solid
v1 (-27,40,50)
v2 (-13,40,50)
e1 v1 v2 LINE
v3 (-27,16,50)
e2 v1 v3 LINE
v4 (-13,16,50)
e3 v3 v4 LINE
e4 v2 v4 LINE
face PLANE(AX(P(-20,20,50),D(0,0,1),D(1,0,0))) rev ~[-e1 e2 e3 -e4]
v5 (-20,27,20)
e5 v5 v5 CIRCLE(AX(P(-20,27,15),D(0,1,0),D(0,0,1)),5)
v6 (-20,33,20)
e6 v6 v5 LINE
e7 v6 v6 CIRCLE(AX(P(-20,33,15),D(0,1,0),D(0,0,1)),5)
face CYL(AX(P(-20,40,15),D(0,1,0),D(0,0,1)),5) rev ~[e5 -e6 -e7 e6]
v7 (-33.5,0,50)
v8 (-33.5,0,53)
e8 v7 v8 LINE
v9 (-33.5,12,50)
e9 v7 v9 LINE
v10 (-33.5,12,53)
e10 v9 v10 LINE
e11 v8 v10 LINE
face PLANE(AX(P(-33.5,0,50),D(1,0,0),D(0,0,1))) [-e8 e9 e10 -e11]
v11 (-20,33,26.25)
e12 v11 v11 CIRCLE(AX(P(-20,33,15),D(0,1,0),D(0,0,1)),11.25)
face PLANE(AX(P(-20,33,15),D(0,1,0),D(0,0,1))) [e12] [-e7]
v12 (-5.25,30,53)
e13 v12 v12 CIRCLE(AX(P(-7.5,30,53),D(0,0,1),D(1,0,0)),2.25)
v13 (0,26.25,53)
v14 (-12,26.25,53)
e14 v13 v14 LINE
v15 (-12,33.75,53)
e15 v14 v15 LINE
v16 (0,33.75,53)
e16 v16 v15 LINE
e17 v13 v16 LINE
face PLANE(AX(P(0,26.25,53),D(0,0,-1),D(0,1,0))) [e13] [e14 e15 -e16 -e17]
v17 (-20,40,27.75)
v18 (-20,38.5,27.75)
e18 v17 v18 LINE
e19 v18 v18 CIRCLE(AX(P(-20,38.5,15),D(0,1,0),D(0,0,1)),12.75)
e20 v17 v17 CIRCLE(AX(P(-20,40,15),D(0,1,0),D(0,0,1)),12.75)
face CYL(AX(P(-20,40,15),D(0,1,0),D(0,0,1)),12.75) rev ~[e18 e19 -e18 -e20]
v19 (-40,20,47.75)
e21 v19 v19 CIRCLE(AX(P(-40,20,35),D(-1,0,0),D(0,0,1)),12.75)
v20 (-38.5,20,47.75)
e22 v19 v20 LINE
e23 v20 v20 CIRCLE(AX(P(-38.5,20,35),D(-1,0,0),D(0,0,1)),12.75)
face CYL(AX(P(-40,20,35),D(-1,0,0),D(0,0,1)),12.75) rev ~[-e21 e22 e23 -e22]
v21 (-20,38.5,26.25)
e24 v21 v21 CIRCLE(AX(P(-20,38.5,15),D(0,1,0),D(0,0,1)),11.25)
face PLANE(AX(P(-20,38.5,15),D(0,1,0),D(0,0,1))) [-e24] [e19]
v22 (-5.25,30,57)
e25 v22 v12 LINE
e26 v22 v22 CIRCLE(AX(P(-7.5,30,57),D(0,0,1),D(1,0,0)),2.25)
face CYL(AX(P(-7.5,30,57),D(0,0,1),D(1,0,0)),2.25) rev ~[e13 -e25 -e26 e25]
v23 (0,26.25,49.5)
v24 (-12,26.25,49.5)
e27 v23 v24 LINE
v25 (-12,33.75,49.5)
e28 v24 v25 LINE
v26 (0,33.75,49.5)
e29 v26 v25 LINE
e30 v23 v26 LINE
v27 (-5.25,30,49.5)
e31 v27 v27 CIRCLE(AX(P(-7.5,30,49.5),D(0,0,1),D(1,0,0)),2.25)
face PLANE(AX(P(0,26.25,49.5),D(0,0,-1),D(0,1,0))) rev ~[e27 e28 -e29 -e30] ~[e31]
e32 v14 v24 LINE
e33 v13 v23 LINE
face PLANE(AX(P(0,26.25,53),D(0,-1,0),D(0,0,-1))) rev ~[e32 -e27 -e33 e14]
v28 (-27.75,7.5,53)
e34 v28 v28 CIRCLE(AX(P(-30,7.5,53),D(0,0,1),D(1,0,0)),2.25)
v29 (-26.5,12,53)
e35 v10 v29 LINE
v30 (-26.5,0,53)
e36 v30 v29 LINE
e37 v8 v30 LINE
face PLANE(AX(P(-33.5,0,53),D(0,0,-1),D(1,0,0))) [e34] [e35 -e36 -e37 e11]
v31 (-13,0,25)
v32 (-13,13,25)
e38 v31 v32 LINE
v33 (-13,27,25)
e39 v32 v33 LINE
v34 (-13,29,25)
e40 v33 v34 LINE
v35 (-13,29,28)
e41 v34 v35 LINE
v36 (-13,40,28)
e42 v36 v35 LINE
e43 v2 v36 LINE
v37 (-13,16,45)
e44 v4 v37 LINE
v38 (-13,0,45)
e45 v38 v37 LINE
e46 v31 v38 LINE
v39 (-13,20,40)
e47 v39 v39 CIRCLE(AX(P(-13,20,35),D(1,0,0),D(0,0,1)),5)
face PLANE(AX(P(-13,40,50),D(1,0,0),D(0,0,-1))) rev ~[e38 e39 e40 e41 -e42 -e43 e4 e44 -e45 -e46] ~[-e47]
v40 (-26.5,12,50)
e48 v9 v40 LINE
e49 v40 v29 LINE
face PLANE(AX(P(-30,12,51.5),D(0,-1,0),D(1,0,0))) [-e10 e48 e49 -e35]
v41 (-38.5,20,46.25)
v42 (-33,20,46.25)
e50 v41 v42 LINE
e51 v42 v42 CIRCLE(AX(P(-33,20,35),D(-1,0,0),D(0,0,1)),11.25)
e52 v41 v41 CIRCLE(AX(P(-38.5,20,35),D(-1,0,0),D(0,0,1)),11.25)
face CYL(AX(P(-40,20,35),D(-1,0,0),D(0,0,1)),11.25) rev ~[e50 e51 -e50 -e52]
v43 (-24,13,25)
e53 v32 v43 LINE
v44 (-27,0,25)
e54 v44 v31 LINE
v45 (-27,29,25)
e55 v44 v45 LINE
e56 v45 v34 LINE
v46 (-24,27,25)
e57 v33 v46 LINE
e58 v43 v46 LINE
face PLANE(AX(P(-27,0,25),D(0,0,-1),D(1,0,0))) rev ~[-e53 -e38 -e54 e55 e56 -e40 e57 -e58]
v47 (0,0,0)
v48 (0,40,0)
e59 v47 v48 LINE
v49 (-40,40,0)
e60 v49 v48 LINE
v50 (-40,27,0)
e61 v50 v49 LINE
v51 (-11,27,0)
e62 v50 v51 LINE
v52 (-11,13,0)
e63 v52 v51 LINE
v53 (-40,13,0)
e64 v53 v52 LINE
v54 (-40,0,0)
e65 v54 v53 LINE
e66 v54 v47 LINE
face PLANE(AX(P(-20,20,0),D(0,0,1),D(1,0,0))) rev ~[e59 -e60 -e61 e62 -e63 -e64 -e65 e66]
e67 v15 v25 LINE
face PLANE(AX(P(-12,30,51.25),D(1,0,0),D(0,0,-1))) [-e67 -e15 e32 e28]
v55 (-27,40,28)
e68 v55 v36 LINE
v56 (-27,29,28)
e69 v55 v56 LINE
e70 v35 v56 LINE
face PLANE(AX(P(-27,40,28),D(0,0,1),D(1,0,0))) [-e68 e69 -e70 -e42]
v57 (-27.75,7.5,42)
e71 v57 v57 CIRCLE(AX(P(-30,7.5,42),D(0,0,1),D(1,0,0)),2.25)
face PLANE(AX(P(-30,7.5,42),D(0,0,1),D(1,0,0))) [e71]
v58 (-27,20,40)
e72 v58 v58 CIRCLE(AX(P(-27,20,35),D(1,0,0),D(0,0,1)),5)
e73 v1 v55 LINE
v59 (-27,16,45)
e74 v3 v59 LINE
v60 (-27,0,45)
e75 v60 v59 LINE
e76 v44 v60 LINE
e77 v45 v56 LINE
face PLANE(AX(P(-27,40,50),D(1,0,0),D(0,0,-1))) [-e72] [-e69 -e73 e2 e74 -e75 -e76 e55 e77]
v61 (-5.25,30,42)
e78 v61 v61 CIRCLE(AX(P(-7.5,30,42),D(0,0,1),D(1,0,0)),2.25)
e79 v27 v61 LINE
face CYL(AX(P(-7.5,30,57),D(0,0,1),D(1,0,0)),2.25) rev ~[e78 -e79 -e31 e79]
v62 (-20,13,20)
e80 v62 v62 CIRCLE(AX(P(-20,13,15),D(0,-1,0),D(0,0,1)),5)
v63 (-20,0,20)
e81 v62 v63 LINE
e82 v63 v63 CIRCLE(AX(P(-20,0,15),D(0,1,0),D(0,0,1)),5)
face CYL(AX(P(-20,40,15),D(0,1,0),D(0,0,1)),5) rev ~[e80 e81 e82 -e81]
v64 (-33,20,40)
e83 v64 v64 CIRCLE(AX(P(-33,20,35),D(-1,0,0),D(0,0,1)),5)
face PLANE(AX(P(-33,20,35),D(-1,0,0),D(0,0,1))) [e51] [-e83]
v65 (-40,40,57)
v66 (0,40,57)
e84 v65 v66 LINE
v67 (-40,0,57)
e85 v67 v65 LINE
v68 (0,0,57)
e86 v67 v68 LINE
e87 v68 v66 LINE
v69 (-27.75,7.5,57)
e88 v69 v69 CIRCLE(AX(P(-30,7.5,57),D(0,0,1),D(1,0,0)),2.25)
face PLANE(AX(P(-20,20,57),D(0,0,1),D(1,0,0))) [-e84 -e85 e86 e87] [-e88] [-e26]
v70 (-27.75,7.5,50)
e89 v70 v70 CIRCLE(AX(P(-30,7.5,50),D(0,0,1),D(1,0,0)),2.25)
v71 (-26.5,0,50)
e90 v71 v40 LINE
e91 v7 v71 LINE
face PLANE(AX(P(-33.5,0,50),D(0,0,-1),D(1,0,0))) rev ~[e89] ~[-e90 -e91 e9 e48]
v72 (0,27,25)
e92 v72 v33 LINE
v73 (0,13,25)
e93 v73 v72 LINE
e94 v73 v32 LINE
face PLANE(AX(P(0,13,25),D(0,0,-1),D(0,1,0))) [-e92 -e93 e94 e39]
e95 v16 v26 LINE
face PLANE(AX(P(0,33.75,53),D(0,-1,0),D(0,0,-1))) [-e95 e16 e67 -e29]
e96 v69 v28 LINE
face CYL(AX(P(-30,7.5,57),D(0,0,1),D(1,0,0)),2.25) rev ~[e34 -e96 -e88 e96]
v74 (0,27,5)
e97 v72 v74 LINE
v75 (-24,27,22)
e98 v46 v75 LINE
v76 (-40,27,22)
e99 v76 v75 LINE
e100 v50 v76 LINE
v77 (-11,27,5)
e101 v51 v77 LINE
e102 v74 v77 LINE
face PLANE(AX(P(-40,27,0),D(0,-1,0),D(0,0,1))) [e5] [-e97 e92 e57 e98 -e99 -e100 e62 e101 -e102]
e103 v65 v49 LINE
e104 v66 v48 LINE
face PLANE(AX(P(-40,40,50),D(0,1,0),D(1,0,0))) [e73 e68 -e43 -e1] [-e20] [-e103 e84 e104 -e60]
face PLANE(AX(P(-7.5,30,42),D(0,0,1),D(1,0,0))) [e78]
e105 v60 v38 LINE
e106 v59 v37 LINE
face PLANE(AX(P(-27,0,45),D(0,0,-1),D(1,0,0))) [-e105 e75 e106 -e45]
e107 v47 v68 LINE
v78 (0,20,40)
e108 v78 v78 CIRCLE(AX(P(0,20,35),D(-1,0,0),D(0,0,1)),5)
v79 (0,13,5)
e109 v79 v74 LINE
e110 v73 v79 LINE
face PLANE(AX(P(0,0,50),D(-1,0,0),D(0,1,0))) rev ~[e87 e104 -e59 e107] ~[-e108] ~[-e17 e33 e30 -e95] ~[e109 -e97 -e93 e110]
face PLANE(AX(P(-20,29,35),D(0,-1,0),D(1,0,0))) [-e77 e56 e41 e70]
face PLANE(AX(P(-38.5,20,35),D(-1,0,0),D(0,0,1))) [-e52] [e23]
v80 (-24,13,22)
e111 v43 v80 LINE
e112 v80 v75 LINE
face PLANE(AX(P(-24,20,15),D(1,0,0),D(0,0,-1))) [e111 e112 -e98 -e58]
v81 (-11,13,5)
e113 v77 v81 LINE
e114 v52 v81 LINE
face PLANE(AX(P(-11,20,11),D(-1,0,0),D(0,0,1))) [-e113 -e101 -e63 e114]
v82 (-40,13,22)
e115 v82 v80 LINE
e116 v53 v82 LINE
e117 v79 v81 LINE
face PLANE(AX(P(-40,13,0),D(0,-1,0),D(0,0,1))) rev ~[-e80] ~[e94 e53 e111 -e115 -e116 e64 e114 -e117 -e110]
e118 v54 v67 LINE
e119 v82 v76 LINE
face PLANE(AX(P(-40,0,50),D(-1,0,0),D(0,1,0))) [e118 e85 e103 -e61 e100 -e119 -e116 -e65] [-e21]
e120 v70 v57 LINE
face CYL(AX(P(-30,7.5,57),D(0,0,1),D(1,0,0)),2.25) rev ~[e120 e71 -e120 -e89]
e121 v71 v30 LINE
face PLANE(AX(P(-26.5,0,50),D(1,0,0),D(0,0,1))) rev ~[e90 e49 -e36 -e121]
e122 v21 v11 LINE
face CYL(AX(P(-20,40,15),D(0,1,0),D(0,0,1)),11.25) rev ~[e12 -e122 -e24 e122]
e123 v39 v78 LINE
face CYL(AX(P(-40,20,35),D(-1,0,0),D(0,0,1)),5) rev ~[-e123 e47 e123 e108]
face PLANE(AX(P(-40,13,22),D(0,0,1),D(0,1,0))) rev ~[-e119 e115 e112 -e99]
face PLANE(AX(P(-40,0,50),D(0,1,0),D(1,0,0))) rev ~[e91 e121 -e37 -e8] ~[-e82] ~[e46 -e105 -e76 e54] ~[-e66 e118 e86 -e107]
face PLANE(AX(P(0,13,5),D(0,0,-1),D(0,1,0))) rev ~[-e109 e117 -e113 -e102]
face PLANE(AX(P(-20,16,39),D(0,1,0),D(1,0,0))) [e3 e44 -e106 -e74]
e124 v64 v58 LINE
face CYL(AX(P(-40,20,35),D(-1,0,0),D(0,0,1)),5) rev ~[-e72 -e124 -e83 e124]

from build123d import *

# Parameters (mm, degrees)
ESQUISSE1_W              = 40
ESQUISSE1_H              = 40
BOSS_EXTRU_1_DEPTH       = 50
ESQUISSE2_R              = 5
ENL_V_MAT_EXTRU_1_DEPTH  = 41
ESQUISSE3_R              = 5
ENL_V_MAT_EXTRU_2_DEPTH  = 41
ESQUISSE4_W              = 22
ESQUISSE4_H              = 14
ENL_V_MAT_EXTRU_3_DEPTH  = 29
ESQUISSE5_W              = 14
ESQUISSE5_H              = 20
ENL_V_MAT_EXTRU_4_DEPTH  = 29
ESQUISSE6_W              = 20
ESQUISSE6_H              = 14
ENL_V_MAT_EXTRU_5_DEPTH  = 24
ESQUISSE7_W              = 14
ESQUISSE7_H              = 22
ENL_V_MAT_EXTRU_6_DEPTH  = 24
ESQUISSE10_R             = 11.25
ENL_V_MAT_EXTRU_9_DEPTH  = 7
ESQUISSE11_R             = 12.75
ENL_V_MAT_EXTRU_10_DEPTH = 1.5
ESQUISSE14_R             = 11.25
ENL_V_MAT_EXTRU_11_DEPTH = 7
ESQUISSE15_R             = 12.75
ENL_V_MAT_EXTRU_12_DEPTH = 1.5
ESQUISSE16_W             = 40
ESQUISSE16_H             = 40
BOSS_EXTRU_2_DEPTH       = 7
ESQUISSE17_R             = 2.25
ENL_V_MAT_EXTRU_13_DEPTH = 15
ESQUISSE18_W             = 7
ESQUISSE18_H             = 3
ENL_V_MAT_EXTRU_14_DEPTH = 12
ESQUISSE19_W             = 3.5
ESQUISSE19_H             = 7.5
ENL_V_MAT_EXTRU_15_DEPTH = 12


with BuildPart() as part:
    # Esquisse1 → Boss.-Extru.1 (new body)
    with BuildSketch(Plane.XY):
        with Locations((-20, 20)):
            Rectangle(ESQUISSE1_W, ESQUISSE1_H)
    extrude(amount=BOSS_EXTRU_1_DEPTH)

    # Esquisse2 → Enlèv. mat.-Extru.1 (cut, through all)
    with BuildSketch(Plane(origin=(0, 40, 0), x_dir=(1, 0, 0), z_dir=(0, 1, 0))):
        with Locations(Location((-20, -15, 0), (0, 0, 270))):  # turned: the seam where the file's is
            Circle(ESQUISSE2_R)
    extrude(amount=-ENL_V_MAT_EXTRU_1_DEPTH, mode=Mode.SUBTRACT)

    # Esquisse3 → Enlèv. mat.-Extru.2 (cut, through all)
    with BuildSketch(Plane.ZY.offset(40)):
        with Locations((35, 20)):
            Circle(ESQUISSE3_R)
    extrude(amount=-ENL_V_MAT_EXTRU_2_DEPTH, mode=Mode.SUBTRACT)

    # Esquisse4 → Enlèv. mat.-Extru.3 (cut)
    with BuildSketch(Plane.ZY.offset(40)):
        with Locations((11, 20)):
            Rectangle(ESQUISSE4_W, ESQUISSE4_H)
    extrude(amount=-ENL_V_MAT_EXTRU_3_DEPTH, mode=Mode.SUBTRACT)

    # Esquisse5 → Enlèv. mat.-Extru.4 (cut)
    with BuildSketch(Plane.XZ):
        with Locations((-20, 35)):
            Rectangle(ESQUISSE5_W, ESQUISSE5_H)
    extrude(amount=-ENL_V_MAT_EXTRU_4_DEPTH, mode=Mode.SUBTRACT)

    # Esquisse6 → Enlèv. mat.-Extru.5 (cut)
    with BuildSketch(Plane(origin=(0, 0, 0), x_dir=(0, 0, -1), z_dir=(1, 0, 0))):
        with Locations((-15, 20)):
            Rectangle(ESQUISSE6_W, ESQUISSE6_H)
    extrude(amount=-ENL_V_MAT_EXTRU_5_DEPTH, mode=Mode.SUBTRACT)

    # Esquisse7 → Enlèv. mat.-Extru.6 (cut)
    with BuildSketch(Plane(origin=(0, 40, 0), x_dir=(1, 0, 0), z_dir=(0, 1, 0))):
        with Locations((-20, -39)):
            Rectangle(ESQUISSE7_W, ESQUISSE7_H)
    extrude(amount=-ENL_V_MAT_EXTRU_6_DEPTH, mode=Mode.SUBTRACT)

    # Esquisse10 → Enlèv. mat.-Extru.9 (cut)
    with BuildSketch(Plane(origin=(0, 40, 0), x_dir=(1, 0, 0), z_dir=(0, 1, 0))):
        with Locations(Location((-20, -15, 0), (0, 0, 270))):  # turned: the seam where the file's is
            Circle(ESQUISSE10_R)
    extrude(amount=-ENL_V_MAT_EXTRU_9_DEPTH, mode=Mode.SUBTRACT)

    # Esquisse11 → Enlèv. mat.-Extru.10 (cut)
    with BuildSketch(Plane(origin=(0, 40, 0), x_dir=(1, 0, 0), z_dir=(0, 1, 0))):
        with Locations(Location((-20, -15, 0), (0, 0, 270))):  # turned: the seam where the file's is
            Circle(ESQUISSE11_R)
    extrude(amount=-ENL_V_MAT_EXTRU_10_DEPTH, mode=Mode.SUBTRACT)

    # Esquisse14 → Enlèv. mat.-Extru.11 (cut)
    with BuildSketch(Plane.ZY.offset(40)):
        with Locations((35, 20)):
            Circle(ESQUISSE14_R)
    extrude(amount=-ENL_V_MAT_EXTRU_11_DEPTH, mode=Mode.SUBTRACT)

    # Esquisse15 → Enlèv. mat.-Extru.12 (cut)
    with BuildSketch(Plane.ZY.offset(40)):
        with Locations((35, 20)):
            Circle(ESQUISSE15_R)
    extrude(amount=-ENL_V_MAT_EXTRU_12_DEPTH, mode=Mode.SUBTRACT)

    # Esquisse16 → Boss.-Extru.2 (add)
    with BuildSketch(Plane.XY.offset(50)):
        with Locations((-20, 20)):
            Rectangle(ESQUISSE16_W, ESQUISSE16_H)
    extrude(amount=BOSS_EXTRU_2_DEPTH)

    # Esquisse17 → Enlèv. mat.-Extru.13 (cut)
    with BuildSketch(Plane.XY.offset(57)):
        with Locations((-30, 7.5)):
            Circle(ESQUISSE17_R)
        with Locations((-7.5, 30)):
            Circle(ESQUISSE17_R)
    extrude(amount=-ENL_V_MAT_EXTRU_13_DEPTH, mode=Mode.SUBTRACT)

    # Esquisse18 → Enlèv. mat.-Extru.14 (cut)
    with BuildSketch(Plane.XZ):
        with Locations((-30, 51.5)):
            Rectangle(ESQUISSE18_W, ESQUISSE18_H)
    extrude(amount=-ENL_V_MAT_EXTRU_14_DEPTH, mode=Mode.SUBTRACT)

    # Esquisse19 → Enlèv. mat.-Extru.15 (cut)
    with BuildSketch(Plane(origin=(0, 0, 0), x_dir=(0, 0, -1), z_dir=(1, 0, 0))):
        with Locations((-51.25, 30)):
            Rectangle(ESQUISSE19_W, ESQUISSE19_H)
    extrude(amount=-ENL_V_MAT_EXTRU_15_DEPTH, mode=Mode.SUBTRACT)


solid = part.part
